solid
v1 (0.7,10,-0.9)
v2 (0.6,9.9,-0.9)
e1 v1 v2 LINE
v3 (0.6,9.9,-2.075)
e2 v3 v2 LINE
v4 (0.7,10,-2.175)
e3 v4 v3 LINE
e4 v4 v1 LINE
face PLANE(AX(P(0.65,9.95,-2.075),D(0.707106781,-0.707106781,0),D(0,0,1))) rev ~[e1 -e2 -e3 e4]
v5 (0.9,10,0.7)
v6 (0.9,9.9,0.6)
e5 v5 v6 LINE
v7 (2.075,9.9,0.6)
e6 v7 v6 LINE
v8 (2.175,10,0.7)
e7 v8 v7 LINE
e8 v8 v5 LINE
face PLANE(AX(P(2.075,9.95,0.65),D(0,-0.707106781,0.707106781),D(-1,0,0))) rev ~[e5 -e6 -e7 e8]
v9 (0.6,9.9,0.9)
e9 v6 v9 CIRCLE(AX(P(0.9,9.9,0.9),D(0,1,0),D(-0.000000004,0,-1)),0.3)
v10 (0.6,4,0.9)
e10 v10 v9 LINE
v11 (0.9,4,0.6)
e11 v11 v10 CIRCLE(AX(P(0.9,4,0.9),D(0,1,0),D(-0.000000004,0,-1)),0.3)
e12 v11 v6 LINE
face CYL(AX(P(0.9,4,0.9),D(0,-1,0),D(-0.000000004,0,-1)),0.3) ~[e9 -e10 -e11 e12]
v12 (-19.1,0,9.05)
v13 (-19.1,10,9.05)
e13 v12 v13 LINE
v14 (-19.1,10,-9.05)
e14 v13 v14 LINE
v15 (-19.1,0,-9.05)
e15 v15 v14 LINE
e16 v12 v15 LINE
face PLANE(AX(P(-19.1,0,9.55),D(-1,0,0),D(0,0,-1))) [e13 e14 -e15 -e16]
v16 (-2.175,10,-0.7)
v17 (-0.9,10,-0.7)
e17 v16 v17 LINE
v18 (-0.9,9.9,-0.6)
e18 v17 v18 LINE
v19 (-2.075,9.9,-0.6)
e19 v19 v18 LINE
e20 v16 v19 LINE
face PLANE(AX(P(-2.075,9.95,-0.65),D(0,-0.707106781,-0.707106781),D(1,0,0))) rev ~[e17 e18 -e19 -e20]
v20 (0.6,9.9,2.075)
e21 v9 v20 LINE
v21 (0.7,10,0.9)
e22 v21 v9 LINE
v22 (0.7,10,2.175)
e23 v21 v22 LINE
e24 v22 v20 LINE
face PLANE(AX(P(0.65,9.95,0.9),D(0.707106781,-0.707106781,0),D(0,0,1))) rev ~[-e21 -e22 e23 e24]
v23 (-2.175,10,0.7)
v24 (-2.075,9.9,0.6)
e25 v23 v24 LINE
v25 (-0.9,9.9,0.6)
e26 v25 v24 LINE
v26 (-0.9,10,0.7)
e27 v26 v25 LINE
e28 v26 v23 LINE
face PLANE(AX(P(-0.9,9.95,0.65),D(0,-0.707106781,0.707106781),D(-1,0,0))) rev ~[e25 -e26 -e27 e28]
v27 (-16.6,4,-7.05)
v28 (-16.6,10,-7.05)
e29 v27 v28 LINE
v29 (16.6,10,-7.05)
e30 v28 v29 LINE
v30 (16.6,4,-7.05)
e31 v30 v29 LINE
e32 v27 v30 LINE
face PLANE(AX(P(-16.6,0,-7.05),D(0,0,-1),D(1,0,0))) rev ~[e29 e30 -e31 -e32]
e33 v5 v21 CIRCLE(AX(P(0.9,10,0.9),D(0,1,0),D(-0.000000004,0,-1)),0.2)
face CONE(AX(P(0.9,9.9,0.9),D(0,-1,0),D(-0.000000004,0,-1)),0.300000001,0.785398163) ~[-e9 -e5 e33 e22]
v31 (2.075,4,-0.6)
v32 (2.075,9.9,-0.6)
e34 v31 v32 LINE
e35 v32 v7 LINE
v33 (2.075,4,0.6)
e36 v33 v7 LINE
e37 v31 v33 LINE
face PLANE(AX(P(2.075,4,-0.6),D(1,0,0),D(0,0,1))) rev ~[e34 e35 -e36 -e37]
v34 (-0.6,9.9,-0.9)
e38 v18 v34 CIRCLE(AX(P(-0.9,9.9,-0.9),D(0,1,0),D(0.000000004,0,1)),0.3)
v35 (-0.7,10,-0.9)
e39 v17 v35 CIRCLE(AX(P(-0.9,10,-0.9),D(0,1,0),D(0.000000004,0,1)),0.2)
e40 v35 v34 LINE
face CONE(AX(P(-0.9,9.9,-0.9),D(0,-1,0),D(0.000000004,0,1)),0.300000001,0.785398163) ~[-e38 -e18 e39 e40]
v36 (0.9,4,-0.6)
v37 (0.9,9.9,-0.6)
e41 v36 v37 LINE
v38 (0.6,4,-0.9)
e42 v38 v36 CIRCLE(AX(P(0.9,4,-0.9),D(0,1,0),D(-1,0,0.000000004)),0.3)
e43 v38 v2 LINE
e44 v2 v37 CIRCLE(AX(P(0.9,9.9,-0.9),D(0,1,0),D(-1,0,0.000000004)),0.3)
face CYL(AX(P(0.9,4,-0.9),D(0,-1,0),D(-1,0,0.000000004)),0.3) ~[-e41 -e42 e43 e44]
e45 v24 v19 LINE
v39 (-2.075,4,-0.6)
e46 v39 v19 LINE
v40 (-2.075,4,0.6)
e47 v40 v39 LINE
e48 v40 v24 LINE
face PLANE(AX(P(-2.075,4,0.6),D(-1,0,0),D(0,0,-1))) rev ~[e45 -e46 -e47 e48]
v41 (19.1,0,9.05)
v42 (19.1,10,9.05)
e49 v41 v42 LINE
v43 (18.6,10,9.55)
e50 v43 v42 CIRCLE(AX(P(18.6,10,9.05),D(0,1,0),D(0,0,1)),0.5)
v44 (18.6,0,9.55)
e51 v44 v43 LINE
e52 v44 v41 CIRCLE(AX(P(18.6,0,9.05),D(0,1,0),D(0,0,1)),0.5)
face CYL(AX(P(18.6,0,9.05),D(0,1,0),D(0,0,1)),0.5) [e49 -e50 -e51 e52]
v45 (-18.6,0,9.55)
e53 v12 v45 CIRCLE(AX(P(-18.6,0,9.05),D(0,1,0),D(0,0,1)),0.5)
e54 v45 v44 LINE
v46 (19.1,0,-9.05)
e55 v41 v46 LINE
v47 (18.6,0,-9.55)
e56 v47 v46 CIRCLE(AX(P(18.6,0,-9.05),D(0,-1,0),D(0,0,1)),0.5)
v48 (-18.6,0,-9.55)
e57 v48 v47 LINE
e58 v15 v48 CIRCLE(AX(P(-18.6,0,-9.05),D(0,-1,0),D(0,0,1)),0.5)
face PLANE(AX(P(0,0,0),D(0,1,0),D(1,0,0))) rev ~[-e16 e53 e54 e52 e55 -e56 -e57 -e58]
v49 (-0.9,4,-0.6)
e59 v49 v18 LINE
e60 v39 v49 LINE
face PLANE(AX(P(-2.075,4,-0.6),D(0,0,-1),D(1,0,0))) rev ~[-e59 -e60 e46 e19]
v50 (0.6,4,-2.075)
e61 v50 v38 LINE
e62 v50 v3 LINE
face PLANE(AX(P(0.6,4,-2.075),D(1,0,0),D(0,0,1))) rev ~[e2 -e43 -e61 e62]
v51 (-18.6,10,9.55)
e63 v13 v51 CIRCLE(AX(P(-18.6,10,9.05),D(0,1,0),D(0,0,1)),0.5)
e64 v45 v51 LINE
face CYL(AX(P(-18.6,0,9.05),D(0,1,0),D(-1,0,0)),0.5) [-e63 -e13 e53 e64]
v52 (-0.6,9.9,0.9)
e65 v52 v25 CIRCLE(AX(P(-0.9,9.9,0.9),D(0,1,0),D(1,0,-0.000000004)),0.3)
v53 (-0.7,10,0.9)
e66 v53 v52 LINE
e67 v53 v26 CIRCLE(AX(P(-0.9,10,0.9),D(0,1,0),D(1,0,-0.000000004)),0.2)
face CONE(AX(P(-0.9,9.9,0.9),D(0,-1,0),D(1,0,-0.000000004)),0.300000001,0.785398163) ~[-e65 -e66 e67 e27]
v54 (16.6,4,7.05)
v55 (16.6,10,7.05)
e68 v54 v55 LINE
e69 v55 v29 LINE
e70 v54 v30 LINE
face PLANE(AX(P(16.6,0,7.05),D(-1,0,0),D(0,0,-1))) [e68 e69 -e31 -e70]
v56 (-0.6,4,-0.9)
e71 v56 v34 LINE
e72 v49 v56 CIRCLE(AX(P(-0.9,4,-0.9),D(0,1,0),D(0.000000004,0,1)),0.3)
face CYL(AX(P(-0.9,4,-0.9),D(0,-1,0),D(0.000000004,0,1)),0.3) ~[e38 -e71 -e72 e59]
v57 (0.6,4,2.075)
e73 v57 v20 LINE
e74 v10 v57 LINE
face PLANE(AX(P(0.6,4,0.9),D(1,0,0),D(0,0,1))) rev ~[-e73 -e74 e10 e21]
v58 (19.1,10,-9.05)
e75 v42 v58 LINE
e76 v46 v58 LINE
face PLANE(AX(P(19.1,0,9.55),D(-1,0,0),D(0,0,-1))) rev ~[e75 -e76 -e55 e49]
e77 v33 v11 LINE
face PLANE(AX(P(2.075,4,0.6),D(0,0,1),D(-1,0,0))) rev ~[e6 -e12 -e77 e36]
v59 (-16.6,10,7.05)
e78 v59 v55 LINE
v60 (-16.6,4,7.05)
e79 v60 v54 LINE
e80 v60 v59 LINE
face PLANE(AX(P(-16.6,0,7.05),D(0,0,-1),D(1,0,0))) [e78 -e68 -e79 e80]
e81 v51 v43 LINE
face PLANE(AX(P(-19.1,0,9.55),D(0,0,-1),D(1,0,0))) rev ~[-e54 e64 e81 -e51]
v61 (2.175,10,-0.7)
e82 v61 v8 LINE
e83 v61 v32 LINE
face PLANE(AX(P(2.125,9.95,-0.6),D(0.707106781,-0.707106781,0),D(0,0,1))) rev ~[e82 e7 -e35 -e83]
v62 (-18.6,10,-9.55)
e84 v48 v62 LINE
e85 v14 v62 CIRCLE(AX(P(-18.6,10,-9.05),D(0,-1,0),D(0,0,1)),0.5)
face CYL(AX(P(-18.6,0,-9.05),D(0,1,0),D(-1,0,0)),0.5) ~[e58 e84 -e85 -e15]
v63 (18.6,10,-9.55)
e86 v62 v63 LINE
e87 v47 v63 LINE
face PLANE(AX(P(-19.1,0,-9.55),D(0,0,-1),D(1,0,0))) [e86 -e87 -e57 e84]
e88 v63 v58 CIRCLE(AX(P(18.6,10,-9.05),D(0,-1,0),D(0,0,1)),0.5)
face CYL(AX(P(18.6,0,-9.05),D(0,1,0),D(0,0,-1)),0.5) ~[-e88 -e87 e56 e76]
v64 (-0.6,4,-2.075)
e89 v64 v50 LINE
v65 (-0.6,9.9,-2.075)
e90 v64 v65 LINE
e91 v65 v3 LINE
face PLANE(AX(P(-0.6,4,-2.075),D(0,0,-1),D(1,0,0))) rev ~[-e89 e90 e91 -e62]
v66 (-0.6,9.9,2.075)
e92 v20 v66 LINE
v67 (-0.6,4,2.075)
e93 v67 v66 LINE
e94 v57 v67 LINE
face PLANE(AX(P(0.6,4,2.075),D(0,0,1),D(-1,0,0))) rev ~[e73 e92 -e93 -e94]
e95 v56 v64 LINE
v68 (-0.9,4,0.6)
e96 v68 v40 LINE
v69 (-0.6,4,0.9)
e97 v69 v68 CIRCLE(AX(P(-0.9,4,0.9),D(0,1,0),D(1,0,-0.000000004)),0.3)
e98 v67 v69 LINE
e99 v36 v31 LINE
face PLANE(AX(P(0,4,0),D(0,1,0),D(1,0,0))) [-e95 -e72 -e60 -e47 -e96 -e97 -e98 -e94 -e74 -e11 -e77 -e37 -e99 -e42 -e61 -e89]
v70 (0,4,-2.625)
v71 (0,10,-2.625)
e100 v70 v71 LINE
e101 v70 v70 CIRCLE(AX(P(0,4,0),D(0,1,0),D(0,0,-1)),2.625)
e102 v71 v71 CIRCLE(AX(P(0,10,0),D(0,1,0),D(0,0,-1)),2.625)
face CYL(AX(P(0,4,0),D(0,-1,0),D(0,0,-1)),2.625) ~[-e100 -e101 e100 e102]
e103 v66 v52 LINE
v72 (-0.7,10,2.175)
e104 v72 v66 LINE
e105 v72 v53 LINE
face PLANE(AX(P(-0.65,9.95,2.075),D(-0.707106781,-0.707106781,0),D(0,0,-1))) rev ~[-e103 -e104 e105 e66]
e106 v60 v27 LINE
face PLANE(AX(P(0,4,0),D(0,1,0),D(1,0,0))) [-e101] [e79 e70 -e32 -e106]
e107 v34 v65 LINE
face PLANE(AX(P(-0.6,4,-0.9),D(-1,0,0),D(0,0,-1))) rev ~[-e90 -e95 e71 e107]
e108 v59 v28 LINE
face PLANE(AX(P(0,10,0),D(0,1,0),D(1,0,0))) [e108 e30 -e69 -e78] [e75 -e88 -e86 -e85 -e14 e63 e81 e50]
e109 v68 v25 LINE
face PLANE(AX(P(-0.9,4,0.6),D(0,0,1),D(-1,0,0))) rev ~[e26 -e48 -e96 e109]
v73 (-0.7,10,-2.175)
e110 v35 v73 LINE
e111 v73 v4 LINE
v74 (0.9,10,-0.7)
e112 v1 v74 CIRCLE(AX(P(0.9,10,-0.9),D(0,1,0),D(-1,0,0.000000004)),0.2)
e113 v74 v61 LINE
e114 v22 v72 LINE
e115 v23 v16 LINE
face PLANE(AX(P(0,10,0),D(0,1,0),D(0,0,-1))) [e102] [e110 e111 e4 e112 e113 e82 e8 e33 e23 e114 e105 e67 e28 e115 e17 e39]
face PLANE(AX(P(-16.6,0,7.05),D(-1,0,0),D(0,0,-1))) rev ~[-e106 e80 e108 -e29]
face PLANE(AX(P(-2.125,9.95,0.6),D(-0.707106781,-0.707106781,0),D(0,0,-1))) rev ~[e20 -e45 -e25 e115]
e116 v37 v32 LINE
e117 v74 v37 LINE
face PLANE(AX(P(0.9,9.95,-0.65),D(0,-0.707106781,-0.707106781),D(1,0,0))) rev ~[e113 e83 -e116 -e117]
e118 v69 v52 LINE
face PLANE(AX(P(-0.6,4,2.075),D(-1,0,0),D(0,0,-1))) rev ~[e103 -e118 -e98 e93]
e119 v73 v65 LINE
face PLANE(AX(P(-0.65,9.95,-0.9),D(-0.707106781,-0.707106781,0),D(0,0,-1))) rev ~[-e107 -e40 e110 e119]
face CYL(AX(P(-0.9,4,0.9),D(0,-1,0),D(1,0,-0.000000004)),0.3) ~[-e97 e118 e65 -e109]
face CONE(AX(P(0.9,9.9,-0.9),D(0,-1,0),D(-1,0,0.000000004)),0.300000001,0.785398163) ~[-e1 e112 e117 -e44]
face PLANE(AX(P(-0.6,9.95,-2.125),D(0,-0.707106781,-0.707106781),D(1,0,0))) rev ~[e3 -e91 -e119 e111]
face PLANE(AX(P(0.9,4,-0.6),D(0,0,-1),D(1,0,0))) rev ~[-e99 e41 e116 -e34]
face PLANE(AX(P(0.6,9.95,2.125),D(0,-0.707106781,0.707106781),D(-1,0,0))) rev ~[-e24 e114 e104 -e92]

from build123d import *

# Parameters (mm, degrees)
SKETCH1_W           = 38.2
SKETCH1_H           = 19.1
SKETCH1_W_2         = 33.2
SKETCH1_H_2         = 14.1
BOSS_EXTRUDE1_DEPTH = 10
SKETCH1_2_W         = 33.2
SKETCH1_2_H         = 14.1
BOSS_EXTRUDE2_DEPTH = 4
SKETCH2_R           = 2.625
BOSS_EXTRUDE3_DEPTH = 6
CHAMFER1_SIZE       = 0.1
FILLET1_R           = 0.5


with BuildPart() as part:
    # Sketch1 → Boss-Extrude1 (new body)
    with BuildSketch(Plane(origin=(0, 0, 0), x_dir=(1, 0, 0), z_dir=(0, 1, 0))):
        Rectangle(SKETCH1_W, SKETCH1_H)
        Rectangle(SKETCH1_W_2, SKETCH1_H_2, mode=Mode.SUBTRACT)
    extrude(amount=BOSS_EXTRUDE1_DEPTH)

    # Sketch1<2> → Boss-Extrude2 (add)
    with BuildSketch(Plane(origin=(0, 0, 0), x_dir=(1, 0, 0), z_dir=(0, 1, 0))):
        Rectangle(SKETCH1_2_W, SKETCH1_2_H)
    extrude(amount=BOSS_EXTRUDE2_DEPTH)

    # Sketch2 → Boss-Extrude3 (add)
    with BuildSketch(Plane(origin=(0, 4, 0), x_dir=(1, 0, 0), z_dir=(0, 1, 0))):
        with Locations(Location((0, 0, 0), (0, 0, 90))):
            Circle(SKETCH2_R)
        with BuildLine():
            Line((-0.9, -0.6), (-2.075, -0.6))
            Line((-2.075, -0.6), (-2.075, 0.6))
            Line((-2.075, 0.6), (-0.9, 0.6))
            ThreePointArc((-0.9, 0.6), (-0.687867966, 0.687867966), (-0.6, 0.9))
            Line((-0.6, 0.9), (-0.6, 2.075))
            Line((-0.6, 2.075), (0.6, 2.075))
            Line((0.6, 2.075), (0.6, 0.9))
            ThreePointArc((0.6, 0.9), (0.687867966, 0.687867966), (0.9, 0.6))
            Line((0.9, 0.6), (2.075, 0.6))
            Line((2.075, 0.6), (2.075, -0.6))
            Line((2.075, -0.6), (0.9, -0.6))
            ThreePointArc((0.9, -0.6), (0.687867966, -0.687867966), (0.6, -0.9))
            Line((0.6, -0.9), (0.6, -2.075))
            Line((0.6, -2.075), (-0.6, -2.075))
            Line((-0.6, -2.075), (-0.6, -0.9))
            ThreePointArc((-0.6, -0.9), (-0.687867966, -0.687867966), (-0.9, -0.6))
        make_face(mode=Mode.SUBTRACT)
    extrude(amount=BOSS_EXTRUDE3_DEPTH)

    # Chamfer1
    chamfer1_edges = [part.edges().sort_by_distance(p)[0] for p in [
        (-0.6, 10, 1.4875),
        (-0.687867966, 10, 0.687867966),
        (-2.075, 10, 0),
        (-1.4875, 10, -0.6),
        (-0.687867966, 10, -0.687867966),
        (-0.6, 10, -1.4875),
        (0, 10, -2.075),
        (0.687867966, 10, -0.687867966),
        (1.4875, 10, -0.6),
        (0.687867966, 10, 0.687867966),
        (-1.4875, 10, 0.6),
        (0.6, 10, -1.4875),
        (2.075, 10, 0),
        (1.4875, 10, 0.6),
        (0.6, 10, 1.4875),
        (0, 10, 2.075),
    ]]
    chamfer(chamfer1_edges, length=CHAMFER1_SIZE)

    # Fillet1
    fillet1_edges = [part.edges().sort_by_distance(p)[0] for p in [
        (19.1, 5, 9.55),
        (-19.1, 5, 9.55),
        (-19.1, 5, -9.55),
        (19.1, 5, -9.55),
    ]]
    fillet(fillet1_edges, radius=FILLET1_R)


solid = part.part
